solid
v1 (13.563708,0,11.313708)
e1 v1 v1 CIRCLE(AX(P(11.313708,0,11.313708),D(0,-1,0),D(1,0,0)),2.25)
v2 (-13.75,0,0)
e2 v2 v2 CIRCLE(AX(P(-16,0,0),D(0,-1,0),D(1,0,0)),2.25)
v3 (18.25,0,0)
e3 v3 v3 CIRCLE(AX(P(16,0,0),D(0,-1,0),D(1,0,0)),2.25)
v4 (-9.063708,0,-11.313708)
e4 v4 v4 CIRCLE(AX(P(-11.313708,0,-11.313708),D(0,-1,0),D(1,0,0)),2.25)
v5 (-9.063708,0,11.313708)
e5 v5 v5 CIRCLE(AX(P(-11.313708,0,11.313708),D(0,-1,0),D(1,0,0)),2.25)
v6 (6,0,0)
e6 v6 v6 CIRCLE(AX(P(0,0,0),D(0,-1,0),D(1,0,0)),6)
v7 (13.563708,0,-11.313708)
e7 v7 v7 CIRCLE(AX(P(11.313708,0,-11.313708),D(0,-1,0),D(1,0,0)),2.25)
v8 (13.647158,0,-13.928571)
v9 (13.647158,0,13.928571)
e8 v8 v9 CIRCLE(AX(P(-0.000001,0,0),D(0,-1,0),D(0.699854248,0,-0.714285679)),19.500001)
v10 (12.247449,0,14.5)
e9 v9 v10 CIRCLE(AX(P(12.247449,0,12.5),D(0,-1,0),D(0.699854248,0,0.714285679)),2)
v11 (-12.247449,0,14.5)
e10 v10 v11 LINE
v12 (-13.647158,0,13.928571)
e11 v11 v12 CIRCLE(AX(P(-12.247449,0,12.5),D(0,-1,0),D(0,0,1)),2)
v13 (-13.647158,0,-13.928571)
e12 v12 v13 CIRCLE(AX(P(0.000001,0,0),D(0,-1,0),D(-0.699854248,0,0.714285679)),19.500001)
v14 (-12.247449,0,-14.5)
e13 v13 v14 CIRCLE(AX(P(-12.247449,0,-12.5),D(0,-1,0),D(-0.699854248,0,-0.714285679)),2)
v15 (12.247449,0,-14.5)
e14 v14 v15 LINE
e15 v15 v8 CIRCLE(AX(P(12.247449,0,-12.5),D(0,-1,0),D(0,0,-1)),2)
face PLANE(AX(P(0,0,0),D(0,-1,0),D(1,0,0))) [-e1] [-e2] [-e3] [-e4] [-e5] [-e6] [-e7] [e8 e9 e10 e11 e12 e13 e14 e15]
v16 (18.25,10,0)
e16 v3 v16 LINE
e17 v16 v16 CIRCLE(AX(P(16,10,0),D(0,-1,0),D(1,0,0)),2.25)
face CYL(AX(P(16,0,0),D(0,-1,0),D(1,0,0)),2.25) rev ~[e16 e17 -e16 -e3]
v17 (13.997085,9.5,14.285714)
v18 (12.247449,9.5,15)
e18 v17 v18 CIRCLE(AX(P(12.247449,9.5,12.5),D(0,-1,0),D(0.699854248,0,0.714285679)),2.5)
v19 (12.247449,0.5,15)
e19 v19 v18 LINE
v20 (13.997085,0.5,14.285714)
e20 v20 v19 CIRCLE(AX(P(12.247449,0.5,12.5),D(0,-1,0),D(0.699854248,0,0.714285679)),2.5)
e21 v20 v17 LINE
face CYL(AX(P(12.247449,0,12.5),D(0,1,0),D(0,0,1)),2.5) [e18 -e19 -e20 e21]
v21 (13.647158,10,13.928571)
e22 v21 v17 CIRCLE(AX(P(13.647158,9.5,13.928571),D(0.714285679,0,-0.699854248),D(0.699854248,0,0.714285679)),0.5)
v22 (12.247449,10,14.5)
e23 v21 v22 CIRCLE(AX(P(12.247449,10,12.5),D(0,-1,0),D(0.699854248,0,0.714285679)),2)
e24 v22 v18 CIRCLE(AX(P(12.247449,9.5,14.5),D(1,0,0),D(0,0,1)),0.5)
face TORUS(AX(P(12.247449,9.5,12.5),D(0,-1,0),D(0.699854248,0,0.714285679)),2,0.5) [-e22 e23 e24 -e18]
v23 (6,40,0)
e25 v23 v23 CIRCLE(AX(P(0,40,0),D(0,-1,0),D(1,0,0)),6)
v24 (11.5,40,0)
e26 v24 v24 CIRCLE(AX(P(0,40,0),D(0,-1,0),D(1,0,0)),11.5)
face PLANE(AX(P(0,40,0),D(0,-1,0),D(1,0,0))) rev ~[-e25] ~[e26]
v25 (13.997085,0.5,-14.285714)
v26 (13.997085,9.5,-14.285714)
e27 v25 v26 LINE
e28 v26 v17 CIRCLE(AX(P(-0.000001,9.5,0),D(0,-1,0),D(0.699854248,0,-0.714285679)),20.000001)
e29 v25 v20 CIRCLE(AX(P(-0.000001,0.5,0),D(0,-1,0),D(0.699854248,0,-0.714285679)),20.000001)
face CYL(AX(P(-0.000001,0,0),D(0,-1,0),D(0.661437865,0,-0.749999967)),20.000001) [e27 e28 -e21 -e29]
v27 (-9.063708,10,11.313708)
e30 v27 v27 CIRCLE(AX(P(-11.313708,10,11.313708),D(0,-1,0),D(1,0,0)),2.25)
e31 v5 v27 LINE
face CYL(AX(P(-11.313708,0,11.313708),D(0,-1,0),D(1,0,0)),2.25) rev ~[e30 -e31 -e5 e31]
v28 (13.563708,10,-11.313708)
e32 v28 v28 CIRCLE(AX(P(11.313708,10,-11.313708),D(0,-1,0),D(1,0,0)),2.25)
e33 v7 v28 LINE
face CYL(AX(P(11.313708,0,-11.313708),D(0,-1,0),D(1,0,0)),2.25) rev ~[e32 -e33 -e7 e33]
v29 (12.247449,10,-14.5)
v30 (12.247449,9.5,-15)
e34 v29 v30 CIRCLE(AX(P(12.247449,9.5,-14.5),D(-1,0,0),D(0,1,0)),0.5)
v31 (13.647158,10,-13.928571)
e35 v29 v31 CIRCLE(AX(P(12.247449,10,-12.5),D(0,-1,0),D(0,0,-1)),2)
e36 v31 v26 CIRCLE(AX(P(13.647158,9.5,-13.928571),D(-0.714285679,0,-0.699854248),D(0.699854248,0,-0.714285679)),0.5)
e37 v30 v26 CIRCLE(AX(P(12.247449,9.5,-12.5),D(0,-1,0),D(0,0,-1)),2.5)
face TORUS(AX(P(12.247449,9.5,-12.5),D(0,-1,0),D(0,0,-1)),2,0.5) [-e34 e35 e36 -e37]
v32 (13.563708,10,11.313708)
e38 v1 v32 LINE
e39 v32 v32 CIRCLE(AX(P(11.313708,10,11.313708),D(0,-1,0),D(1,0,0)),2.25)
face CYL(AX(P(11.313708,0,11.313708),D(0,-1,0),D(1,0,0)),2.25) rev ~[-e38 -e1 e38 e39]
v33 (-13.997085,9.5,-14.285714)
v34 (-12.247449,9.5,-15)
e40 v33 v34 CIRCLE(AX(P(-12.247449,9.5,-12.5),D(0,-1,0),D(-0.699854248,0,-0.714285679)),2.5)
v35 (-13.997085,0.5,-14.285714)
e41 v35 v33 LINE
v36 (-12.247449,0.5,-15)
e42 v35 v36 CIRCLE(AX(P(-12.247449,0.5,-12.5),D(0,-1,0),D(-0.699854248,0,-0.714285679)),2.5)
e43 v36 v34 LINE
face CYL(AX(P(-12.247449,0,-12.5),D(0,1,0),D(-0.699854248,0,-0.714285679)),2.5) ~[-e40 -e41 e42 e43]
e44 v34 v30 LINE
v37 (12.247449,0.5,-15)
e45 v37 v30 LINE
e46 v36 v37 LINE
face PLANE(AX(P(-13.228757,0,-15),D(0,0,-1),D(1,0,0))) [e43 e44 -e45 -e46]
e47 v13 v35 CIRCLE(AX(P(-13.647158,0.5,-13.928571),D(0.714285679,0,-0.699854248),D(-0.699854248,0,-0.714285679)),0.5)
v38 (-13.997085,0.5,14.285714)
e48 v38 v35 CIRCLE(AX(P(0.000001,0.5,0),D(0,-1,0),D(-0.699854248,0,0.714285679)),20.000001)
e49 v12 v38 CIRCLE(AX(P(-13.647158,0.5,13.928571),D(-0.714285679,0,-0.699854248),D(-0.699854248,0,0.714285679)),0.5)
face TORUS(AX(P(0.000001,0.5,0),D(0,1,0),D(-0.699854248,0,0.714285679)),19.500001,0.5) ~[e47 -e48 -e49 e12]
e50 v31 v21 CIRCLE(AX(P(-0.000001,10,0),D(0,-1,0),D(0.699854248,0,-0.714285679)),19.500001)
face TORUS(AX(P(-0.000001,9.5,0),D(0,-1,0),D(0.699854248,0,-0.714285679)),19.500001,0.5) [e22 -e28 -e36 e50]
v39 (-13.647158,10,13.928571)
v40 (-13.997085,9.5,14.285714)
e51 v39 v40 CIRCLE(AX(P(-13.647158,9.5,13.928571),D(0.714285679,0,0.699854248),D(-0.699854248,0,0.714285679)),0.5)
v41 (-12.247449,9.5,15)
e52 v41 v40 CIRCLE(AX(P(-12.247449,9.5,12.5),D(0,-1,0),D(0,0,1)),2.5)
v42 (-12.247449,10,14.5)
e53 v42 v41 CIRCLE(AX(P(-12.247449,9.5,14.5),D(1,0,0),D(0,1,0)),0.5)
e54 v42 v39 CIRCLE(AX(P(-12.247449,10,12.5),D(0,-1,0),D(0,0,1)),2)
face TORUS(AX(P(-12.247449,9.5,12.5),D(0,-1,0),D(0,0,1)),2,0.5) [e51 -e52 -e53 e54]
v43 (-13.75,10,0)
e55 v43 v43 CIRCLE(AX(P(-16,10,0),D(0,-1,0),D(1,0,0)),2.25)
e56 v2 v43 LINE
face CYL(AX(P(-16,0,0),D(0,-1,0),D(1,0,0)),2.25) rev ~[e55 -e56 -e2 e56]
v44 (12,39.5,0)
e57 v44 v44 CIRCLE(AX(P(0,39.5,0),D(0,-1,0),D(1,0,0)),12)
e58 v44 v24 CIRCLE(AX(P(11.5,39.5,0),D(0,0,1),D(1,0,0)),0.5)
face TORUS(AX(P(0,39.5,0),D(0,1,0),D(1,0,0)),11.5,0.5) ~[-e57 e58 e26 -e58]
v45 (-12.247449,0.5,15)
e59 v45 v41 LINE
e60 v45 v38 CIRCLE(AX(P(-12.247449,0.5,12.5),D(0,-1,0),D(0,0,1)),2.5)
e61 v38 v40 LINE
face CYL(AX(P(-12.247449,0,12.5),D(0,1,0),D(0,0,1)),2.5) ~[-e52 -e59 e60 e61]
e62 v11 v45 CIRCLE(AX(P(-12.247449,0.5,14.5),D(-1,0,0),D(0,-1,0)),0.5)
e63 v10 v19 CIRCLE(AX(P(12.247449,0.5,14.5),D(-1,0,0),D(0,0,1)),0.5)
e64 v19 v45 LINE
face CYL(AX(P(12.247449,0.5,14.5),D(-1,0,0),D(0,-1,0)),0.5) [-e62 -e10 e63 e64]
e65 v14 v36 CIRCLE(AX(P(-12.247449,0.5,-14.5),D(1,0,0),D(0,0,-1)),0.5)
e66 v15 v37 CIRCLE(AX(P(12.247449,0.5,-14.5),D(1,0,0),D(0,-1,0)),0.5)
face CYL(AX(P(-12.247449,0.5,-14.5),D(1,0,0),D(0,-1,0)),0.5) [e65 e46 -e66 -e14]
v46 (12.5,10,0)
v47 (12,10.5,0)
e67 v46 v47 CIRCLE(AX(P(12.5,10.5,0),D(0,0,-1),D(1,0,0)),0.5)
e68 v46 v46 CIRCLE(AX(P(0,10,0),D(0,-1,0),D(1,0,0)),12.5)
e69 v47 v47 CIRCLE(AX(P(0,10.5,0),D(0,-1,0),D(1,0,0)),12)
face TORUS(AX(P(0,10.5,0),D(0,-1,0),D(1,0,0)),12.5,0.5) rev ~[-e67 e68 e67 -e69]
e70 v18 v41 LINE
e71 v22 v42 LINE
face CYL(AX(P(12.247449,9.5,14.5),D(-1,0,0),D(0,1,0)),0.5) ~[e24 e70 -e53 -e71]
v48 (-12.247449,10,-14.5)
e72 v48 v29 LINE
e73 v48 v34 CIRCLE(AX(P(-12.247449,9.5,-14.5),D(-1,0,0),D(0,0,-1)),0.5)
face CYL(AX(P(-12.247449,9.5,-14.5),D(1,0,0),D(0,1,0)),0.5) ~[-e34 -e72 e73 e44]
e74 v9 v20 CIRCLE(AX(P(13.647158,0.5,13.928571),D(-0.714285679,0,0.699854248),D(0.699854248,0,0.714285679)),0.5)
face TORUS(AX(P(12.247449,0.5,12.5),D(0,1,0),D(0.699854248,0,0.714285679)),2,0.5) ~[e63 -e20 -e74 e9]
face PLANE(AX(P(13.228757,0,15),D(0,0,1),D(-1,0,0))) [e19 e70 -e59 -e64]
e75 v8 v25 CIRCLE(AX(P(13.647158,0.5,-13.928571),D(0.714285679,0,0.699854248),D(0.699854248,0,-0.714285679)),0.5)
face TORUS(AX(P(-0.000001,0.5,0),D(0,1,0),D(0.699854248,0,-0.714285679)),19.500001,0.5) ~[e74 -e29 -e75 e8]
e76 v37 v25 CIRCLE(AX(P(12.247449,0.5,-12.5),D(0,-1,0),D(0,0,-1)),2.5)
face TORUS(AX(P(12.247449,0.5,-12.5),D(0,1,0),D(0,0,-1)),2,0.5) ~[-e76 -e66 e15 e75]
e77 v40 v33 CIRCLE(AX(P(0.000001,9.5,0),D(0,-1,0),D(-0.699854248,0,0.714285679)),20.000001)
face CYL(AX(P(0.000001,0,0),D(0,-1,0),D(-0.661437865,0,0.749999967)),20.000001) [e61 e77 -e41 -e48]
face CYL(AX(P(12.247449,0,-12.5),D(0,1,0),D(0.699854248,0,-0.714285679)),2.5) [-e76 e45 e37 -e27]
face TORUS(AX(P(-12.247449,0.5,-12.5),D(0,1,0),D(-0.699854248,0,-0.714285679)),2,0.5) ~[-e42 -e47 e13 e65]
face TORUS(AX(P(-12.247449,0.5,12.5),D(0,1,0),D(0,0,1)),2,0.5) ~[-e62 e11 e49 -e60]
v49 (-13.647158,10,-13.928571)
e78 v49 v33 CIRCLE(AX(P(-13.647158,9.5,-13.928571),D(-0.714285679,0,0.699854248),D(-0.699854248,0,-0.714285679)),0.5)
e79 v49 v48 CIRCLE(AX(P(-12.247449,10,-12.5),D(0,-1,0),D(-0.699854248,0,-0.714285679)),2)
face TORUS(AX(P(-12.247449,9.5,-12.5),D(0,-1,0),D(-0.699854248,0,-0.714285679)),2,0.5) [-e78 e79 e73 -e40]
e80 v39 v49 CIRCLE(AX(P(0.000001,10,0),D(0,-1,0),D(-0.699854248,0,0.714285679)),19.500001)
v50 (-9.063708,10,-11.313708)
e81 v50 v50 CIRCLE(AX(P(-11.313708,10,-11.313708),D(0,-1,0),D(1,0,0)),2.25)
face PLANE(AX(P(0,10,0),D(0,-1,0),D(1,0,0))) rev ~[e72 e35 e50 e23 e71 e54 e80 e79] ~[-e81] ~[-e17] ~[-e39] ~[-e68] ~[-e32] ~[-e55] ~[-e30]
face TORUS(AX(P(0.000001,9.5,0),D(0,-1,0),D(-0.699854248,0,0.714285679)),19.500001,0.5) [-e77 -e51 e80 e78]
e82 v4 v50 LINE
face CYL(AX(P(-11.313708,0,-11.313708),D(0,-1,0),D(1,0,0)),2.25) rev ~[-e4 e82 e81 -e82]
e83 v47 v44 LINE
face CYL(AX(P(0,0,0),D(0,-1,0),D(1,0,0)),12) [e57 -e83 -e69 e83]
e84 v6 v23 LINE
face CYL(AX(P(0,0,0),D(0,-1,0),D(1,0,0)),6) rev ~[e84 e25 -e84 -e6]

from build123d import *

# Parameters (mm, degrees)
F1_R     = 12
F1_R_2   = 6
F2_DEPTH = 40
F1_R_3   = 2.25
F3_DEPTH = 10
F4_R     = 2.5
F5_R     = 0.5


with BuildPart() as f2:
    # F1 (on Front) → F2 (new body)
    with BuildSketch(Plane.XZ):
        Circle(F1_R)
        Circle(F1_R_2, mode=Mode.SUBTRACT)
    extrude(amount=-F2_DEPTH)

    # F1 (on Front) → F3 (join)
    with BuildSketch(Plane.XZ):
        with BuildLine():
            Line((13.228757, 15), (-13.228757, 15))
            ThreePointArc((-13.228757, 15), (-20, 0), (-13.228757, -15))
            Line((-13.228757, -15), (13.228757, -15))
            ThreePointArc((13.228757, -15), (20, 0), (13.228757, 15))
        make_face()
        with Locations((-11.313708, -11.313708)):
            Circle(F1_R_3, mode=Mode.SUBTRACT)
        with Locations((-16, 0)):
            Circle(F1_R_3, mode=Mode.SUBTRACT)
        Circle(F1_R, mode=Mode.SUBTRACT)
        with Locations((11.313708, -11.313708)):
            Circle(F1_R_3, mode=Mode.SUBTRACT)
        with Locations((16, 0)):
            Circle(F1_R_3, mode=Mode.SUBTRACT)
        with Locations((-11.313708, 11.313708)):
            Circle(F1_R_3, mode=Mode.SUBTRACT)
        with Locations((11.313708, 11.313708)):
            Circle(F1_R_3, mode=Mode.SUBTRACT)
    extrude(amount=-F3_DEPTH)

    # F4
    f4_edges = [f2.edges().sort_by_distance(p)[0] for p in [
        (-13.228757, 5, 15),
        (-13.228757, 5, -15),
        (13.228757, 5, 15),
        (13.228757, 5, -15),
    ]]
    fillet(f4_edges, radius=F4_R)

    # F5
    f5_edges = [f2.edges().sort_by_distance(p)[0] for p in [
        (20, 10, 0),
        (20, 0, 0),
        (-12, 10, 0),
        (-12, 40, 0),
    ]]
    fillet(f5_edges, radius=F5_R)


solid = f2.part
